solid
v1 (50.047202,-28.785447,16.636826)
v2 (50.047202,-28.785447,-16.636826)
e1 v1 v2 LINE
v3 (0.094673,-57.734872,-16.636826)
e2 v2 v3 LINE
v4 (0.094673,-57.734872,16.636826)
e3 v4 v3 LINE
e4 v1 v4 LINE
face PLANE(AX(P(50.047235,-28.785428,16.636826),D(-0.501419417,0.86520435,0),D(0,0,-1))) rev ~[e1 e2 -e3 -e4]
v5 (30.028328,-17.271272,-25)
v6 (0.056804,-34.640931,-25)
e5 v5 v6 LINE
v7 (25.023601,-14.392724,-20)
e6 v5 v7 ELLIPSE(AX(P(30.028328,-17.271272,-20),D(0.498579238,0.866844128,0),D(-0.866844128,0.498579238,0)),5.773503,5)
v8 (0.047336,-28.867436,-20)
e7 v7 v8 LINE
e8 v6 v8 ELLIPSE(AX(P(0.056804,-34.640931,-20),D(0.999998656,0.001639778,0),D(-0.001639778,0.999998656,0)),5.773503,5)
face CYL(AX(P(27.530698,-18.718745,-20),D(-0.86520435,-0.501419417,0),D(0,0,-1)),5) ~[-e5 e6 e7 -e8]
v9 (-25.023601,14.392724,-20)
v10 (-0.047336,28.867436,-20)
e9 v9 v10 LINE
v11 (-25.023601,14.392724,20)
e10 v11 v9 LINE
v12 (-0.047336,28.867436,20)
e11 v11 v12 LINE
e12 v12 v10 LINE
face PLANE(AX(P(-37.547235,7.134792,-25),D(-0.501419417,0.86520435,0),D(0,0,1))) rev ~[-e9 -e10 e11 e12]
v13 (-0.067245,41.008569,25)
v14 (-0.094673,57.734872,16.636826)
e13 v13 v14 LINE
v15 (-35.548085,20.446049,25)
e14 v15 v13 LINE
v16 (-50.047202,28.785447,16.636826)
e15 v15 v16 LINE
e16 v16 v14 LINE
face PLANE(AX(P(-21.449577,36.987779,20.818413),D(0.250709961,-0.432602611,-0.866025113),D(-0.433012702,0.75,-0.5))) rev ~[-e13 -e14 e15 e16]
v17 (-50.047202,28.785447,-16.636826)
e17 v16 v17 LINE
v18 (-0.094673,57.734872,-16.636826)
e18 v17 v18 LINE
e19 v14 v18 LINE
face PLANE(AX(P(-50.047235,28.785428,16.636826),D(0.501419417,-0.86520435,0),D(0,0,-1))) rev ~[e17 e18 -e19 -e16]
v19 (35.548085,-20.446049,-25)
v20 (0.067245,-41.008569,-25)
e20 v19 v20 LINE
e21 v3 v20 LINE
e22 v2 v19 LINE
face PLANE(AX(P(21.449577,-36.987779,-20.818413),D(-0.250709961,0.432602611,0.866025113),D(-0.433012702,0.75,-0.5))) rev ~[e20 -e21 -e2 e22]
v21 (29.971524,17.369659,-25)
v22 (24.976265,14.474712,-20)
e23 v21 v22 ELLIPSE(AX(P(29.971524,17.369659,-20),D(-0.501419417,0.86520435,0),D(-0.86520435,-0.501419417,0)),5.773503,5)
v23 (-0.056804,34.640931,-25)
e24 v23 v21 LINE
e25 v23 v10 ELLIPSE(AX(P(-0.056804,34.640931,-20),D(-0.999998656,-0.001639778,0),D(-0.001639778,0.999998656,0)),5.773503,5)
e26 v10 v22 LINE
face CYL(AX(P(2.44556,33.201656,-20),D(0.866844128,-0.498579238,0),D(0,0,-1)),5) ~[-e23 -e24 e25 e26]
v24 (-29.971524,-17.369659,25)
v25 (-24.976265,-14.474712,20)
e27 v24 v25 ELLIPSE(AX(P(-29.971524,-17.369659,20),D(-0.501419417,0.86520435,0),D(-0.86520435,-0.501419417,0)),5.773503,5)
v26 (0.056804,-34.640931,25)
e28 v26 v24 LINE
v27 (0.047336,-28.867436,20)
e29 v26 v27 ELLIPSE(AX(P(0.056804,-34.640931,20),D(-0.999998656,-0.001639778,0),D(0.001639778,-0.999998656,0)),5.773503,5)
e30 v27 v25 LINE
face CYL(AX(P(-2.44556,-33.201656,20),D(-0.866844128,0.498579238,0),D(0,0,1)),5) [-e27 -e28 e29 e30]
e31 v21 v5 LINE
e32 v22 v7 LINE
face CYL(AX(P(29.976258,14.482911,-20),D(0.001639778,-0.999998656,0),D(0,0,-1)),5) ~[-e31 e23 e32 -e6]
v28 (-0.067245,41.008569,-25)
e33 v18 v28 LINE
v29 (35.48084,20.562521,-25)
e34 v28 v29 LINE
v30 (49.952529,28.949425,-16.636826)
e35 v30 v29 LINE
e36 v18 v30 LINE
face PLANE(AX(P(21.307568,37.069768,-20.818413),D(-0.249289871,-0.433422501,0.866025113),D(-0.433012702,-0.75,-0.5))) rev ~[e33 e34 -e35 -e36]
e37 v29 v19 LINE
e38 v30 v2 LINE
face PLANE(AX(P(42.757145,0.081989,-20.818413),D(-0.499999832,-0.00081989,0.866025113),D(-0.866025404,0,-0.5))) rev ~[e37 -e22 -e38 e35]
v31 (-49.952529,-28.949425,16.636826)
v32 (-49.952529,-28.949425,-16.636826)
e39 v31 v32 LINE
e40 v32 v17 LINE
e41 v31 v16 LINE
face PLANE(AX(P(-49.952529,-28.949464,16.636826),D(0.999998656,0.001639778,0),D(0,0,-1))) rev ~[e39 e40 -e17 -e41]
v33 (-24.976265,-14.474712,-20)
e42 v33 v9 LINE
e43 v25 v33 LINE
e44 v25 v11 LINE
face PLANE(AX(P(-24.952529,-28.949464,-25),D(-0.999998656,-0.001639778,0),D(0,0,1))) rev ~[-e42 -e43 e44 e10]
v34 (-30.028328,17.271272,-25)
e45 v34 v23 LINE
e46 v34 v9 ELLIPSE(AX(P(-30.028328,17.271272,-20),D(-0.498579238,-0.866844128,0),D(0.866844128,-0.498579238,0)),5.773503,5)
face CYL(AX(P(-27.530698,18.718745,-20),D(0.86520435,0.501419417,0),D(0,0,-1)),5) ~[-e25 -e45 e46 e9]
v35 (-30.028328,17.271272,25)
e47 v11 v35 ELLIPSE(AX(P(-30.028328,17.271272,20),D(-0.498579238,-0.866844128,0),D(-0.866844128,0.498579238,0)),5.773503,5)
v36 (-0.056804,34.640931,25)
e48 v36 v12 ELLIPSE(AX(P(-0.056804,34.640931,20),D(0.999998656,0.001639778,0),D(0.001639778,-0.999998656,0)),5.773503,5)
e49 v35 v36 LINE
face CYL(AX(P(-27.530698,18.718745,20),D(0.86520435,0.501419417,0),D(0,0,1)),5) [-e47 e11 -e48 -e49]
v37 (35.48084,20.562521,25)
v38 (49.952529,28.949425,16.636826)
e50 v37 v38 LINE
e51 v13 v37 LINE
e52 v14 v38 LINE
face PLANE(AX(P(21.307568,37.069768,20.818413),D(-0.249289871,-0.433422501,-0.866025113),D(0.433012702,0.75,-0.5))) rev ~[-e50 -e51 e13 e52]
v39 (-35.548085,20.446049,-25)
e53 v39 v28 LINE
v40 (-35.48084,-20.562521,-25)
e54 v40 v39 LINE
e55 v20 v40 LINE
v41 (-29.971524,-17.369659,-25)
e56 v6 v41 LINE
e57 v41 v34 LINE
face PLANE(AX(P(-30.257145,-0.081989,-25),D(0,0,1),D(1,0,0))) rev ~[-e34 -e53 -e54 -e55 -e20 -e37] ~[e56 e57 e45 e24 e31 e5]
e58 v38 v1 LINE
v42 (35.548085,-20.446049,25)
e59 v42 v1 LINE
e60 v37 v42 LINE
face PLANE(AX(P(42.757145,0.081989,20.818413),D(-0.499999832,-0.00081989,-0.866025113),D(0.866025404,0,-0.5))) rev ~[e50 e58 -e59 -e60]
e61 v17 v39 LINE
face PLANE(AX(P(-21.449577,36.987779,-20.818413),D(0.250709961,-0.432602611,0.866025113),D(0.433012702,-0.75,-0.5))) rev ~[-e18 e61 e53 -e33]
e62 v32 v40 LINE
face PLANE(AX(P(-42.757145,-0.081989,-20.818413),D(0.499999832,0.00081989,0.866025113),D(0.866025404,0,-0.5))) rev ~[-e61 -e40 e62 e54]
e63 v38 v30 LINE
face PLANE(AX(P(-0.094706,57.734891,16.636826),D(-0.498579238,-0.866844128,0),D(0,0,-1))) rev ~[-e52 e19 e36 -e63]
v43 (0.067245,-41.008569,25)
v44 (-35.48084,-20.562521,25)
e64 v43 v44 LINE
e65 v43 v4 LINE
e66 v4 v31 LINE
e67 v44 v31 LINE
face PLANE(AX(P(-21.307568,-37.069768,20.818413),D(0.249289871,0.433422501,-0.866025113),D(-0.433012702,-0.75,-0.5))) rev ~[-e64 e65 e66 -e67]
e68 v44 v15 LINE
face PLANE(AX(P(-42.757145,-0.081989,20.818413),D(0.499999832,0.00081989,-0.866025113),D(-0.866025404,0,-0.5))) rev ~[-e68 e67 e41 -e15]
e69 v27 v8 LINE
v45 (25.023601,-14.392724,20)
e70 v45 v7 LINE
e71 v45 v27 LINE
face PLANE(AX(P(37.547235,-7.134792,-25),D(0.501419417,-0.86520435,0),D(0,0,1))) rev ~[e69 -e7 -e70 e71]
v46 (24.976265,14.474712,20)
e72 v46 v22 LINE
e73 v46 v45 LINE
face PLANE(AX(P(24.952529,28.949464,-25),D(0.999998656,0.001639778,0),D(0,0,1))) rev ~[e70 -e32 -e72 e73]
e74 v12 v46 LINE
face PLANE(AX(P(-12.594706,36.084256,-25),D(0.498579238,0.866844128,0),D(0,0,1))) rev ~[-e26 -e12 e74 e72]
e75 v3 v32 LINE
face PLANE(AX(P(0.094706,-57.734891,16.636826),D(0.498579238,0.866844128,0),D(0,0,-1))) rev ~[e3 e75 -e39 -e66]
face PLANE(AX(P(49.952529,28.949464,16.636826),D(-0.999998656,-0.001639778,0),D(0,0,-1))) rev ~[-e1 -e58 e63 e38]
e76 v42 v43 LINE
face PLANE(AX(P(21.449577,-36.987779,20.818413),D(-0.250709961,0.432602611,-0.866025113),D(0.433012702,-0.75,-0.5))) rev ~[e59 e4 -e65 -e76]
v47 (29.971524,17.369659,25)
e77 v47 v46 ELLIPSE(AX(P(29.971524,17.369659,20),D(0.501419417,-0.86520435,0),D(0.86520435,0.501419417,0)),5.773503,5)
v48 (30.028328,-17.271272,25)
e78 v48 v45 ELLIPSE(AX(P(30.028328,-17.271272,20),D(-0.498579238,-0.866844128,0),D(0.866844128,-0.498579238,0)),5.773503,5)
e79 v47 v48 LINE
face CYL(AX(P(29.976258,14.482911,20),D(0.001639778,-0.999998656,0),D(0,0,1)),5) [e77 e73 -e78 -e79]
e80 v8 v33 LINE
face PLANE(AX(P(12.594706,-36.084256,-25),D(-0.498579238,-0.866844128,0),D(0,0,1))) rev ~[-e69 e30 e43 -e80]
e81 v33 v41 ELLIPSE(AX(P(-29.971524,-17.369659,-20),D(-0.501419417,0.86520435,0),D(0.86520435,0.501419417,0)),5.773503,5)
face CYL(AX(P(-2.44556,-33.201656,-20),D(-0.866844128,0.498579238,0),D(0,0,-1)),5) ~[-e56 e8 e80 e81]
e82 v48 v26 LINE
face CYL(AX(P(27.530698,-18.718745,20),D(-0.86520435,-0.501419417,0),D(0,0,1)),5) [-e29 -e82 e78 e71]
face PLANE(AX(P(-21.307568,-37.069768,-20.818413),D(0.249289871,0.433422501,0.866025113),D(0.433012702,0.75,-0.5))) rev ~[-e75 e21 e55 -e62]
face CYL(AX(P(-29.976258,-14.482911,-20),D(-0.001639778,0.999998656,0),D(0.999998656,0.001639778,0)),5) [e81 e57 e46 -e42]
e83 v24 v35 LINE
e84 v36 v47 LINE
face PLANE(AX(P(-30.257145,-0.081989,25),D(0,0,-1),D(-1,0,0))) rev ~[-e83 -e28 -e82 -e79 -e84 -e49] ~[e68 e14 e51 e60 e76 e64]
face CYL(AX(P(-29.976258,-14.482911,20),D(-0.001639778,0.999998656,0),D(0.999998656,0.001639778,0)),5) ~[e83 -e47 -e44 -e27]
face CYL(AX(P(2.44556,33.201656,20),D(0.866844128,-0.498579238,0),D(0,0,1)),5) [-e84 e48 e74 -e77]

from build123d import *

# Parameters (mm, degrees)
F3_R = 5


with BuildPart() as f2:
    # F2: sweep along a path in F0
    with BuildLine(Plane.XY) as f2_path:
        Line((-49.9525964633, -28.9494635513), (-50.047269093, 28.7854857466))
        Line((-50.047269093, 28.7854857466), (-0.0946726297, 57.7349492979))
        Line((-0.0946726297, 57.7349492979), (49.9525964633, 28.9494635513))
        Line((49.9525964633, 28.9494635513), (50.047269093, -28.7854857466))
        Line((50.047269093, -28.7854857466), (0.0946726297, -57.7349492979))
        Line((0.0946726297, -57.7349492979), (-49.9525964633, -28.9494635513))
    # F1 (on Front) → F2 (sweep)
    with BuildSketch(Plane.XZ):
        Polygon((-25, -25), (-25, 0), (-25, 25), (-35.5145582736, 25), (-50, 16.6368263199), (-50, 0), (-50, -16.6368263199), (-35.5145582736, -25), align=None)
    sweep(path=f2_path.line, transition=Transition.RIGHT)

    # F3
    f3_edges = [f2.edges().sort_by_distance(p)[0] for p in [
        (12.464464, 21.671074, 25),
        (24.999933, 0.040994, 25),
        (12.535469, -21.63008, 25),
        (-12.464464, -21.671074, 25),
        (-24.999933, -0.040994, 25),
        (-12.535469, 21.63008, 25),
        (-12.535469, 21.63008, -25),
        (-24.999933, -0.040994, -25),
        (-12.464464, -21.671074, -25),
        (12.535469, -21.63008, -25),
        (24.999933, 0.040994, -25),
        (12.464464, 21.671074, -25),
    ]]
    fillet(f3_edges, radius=F3_R)


solid = f2.part
